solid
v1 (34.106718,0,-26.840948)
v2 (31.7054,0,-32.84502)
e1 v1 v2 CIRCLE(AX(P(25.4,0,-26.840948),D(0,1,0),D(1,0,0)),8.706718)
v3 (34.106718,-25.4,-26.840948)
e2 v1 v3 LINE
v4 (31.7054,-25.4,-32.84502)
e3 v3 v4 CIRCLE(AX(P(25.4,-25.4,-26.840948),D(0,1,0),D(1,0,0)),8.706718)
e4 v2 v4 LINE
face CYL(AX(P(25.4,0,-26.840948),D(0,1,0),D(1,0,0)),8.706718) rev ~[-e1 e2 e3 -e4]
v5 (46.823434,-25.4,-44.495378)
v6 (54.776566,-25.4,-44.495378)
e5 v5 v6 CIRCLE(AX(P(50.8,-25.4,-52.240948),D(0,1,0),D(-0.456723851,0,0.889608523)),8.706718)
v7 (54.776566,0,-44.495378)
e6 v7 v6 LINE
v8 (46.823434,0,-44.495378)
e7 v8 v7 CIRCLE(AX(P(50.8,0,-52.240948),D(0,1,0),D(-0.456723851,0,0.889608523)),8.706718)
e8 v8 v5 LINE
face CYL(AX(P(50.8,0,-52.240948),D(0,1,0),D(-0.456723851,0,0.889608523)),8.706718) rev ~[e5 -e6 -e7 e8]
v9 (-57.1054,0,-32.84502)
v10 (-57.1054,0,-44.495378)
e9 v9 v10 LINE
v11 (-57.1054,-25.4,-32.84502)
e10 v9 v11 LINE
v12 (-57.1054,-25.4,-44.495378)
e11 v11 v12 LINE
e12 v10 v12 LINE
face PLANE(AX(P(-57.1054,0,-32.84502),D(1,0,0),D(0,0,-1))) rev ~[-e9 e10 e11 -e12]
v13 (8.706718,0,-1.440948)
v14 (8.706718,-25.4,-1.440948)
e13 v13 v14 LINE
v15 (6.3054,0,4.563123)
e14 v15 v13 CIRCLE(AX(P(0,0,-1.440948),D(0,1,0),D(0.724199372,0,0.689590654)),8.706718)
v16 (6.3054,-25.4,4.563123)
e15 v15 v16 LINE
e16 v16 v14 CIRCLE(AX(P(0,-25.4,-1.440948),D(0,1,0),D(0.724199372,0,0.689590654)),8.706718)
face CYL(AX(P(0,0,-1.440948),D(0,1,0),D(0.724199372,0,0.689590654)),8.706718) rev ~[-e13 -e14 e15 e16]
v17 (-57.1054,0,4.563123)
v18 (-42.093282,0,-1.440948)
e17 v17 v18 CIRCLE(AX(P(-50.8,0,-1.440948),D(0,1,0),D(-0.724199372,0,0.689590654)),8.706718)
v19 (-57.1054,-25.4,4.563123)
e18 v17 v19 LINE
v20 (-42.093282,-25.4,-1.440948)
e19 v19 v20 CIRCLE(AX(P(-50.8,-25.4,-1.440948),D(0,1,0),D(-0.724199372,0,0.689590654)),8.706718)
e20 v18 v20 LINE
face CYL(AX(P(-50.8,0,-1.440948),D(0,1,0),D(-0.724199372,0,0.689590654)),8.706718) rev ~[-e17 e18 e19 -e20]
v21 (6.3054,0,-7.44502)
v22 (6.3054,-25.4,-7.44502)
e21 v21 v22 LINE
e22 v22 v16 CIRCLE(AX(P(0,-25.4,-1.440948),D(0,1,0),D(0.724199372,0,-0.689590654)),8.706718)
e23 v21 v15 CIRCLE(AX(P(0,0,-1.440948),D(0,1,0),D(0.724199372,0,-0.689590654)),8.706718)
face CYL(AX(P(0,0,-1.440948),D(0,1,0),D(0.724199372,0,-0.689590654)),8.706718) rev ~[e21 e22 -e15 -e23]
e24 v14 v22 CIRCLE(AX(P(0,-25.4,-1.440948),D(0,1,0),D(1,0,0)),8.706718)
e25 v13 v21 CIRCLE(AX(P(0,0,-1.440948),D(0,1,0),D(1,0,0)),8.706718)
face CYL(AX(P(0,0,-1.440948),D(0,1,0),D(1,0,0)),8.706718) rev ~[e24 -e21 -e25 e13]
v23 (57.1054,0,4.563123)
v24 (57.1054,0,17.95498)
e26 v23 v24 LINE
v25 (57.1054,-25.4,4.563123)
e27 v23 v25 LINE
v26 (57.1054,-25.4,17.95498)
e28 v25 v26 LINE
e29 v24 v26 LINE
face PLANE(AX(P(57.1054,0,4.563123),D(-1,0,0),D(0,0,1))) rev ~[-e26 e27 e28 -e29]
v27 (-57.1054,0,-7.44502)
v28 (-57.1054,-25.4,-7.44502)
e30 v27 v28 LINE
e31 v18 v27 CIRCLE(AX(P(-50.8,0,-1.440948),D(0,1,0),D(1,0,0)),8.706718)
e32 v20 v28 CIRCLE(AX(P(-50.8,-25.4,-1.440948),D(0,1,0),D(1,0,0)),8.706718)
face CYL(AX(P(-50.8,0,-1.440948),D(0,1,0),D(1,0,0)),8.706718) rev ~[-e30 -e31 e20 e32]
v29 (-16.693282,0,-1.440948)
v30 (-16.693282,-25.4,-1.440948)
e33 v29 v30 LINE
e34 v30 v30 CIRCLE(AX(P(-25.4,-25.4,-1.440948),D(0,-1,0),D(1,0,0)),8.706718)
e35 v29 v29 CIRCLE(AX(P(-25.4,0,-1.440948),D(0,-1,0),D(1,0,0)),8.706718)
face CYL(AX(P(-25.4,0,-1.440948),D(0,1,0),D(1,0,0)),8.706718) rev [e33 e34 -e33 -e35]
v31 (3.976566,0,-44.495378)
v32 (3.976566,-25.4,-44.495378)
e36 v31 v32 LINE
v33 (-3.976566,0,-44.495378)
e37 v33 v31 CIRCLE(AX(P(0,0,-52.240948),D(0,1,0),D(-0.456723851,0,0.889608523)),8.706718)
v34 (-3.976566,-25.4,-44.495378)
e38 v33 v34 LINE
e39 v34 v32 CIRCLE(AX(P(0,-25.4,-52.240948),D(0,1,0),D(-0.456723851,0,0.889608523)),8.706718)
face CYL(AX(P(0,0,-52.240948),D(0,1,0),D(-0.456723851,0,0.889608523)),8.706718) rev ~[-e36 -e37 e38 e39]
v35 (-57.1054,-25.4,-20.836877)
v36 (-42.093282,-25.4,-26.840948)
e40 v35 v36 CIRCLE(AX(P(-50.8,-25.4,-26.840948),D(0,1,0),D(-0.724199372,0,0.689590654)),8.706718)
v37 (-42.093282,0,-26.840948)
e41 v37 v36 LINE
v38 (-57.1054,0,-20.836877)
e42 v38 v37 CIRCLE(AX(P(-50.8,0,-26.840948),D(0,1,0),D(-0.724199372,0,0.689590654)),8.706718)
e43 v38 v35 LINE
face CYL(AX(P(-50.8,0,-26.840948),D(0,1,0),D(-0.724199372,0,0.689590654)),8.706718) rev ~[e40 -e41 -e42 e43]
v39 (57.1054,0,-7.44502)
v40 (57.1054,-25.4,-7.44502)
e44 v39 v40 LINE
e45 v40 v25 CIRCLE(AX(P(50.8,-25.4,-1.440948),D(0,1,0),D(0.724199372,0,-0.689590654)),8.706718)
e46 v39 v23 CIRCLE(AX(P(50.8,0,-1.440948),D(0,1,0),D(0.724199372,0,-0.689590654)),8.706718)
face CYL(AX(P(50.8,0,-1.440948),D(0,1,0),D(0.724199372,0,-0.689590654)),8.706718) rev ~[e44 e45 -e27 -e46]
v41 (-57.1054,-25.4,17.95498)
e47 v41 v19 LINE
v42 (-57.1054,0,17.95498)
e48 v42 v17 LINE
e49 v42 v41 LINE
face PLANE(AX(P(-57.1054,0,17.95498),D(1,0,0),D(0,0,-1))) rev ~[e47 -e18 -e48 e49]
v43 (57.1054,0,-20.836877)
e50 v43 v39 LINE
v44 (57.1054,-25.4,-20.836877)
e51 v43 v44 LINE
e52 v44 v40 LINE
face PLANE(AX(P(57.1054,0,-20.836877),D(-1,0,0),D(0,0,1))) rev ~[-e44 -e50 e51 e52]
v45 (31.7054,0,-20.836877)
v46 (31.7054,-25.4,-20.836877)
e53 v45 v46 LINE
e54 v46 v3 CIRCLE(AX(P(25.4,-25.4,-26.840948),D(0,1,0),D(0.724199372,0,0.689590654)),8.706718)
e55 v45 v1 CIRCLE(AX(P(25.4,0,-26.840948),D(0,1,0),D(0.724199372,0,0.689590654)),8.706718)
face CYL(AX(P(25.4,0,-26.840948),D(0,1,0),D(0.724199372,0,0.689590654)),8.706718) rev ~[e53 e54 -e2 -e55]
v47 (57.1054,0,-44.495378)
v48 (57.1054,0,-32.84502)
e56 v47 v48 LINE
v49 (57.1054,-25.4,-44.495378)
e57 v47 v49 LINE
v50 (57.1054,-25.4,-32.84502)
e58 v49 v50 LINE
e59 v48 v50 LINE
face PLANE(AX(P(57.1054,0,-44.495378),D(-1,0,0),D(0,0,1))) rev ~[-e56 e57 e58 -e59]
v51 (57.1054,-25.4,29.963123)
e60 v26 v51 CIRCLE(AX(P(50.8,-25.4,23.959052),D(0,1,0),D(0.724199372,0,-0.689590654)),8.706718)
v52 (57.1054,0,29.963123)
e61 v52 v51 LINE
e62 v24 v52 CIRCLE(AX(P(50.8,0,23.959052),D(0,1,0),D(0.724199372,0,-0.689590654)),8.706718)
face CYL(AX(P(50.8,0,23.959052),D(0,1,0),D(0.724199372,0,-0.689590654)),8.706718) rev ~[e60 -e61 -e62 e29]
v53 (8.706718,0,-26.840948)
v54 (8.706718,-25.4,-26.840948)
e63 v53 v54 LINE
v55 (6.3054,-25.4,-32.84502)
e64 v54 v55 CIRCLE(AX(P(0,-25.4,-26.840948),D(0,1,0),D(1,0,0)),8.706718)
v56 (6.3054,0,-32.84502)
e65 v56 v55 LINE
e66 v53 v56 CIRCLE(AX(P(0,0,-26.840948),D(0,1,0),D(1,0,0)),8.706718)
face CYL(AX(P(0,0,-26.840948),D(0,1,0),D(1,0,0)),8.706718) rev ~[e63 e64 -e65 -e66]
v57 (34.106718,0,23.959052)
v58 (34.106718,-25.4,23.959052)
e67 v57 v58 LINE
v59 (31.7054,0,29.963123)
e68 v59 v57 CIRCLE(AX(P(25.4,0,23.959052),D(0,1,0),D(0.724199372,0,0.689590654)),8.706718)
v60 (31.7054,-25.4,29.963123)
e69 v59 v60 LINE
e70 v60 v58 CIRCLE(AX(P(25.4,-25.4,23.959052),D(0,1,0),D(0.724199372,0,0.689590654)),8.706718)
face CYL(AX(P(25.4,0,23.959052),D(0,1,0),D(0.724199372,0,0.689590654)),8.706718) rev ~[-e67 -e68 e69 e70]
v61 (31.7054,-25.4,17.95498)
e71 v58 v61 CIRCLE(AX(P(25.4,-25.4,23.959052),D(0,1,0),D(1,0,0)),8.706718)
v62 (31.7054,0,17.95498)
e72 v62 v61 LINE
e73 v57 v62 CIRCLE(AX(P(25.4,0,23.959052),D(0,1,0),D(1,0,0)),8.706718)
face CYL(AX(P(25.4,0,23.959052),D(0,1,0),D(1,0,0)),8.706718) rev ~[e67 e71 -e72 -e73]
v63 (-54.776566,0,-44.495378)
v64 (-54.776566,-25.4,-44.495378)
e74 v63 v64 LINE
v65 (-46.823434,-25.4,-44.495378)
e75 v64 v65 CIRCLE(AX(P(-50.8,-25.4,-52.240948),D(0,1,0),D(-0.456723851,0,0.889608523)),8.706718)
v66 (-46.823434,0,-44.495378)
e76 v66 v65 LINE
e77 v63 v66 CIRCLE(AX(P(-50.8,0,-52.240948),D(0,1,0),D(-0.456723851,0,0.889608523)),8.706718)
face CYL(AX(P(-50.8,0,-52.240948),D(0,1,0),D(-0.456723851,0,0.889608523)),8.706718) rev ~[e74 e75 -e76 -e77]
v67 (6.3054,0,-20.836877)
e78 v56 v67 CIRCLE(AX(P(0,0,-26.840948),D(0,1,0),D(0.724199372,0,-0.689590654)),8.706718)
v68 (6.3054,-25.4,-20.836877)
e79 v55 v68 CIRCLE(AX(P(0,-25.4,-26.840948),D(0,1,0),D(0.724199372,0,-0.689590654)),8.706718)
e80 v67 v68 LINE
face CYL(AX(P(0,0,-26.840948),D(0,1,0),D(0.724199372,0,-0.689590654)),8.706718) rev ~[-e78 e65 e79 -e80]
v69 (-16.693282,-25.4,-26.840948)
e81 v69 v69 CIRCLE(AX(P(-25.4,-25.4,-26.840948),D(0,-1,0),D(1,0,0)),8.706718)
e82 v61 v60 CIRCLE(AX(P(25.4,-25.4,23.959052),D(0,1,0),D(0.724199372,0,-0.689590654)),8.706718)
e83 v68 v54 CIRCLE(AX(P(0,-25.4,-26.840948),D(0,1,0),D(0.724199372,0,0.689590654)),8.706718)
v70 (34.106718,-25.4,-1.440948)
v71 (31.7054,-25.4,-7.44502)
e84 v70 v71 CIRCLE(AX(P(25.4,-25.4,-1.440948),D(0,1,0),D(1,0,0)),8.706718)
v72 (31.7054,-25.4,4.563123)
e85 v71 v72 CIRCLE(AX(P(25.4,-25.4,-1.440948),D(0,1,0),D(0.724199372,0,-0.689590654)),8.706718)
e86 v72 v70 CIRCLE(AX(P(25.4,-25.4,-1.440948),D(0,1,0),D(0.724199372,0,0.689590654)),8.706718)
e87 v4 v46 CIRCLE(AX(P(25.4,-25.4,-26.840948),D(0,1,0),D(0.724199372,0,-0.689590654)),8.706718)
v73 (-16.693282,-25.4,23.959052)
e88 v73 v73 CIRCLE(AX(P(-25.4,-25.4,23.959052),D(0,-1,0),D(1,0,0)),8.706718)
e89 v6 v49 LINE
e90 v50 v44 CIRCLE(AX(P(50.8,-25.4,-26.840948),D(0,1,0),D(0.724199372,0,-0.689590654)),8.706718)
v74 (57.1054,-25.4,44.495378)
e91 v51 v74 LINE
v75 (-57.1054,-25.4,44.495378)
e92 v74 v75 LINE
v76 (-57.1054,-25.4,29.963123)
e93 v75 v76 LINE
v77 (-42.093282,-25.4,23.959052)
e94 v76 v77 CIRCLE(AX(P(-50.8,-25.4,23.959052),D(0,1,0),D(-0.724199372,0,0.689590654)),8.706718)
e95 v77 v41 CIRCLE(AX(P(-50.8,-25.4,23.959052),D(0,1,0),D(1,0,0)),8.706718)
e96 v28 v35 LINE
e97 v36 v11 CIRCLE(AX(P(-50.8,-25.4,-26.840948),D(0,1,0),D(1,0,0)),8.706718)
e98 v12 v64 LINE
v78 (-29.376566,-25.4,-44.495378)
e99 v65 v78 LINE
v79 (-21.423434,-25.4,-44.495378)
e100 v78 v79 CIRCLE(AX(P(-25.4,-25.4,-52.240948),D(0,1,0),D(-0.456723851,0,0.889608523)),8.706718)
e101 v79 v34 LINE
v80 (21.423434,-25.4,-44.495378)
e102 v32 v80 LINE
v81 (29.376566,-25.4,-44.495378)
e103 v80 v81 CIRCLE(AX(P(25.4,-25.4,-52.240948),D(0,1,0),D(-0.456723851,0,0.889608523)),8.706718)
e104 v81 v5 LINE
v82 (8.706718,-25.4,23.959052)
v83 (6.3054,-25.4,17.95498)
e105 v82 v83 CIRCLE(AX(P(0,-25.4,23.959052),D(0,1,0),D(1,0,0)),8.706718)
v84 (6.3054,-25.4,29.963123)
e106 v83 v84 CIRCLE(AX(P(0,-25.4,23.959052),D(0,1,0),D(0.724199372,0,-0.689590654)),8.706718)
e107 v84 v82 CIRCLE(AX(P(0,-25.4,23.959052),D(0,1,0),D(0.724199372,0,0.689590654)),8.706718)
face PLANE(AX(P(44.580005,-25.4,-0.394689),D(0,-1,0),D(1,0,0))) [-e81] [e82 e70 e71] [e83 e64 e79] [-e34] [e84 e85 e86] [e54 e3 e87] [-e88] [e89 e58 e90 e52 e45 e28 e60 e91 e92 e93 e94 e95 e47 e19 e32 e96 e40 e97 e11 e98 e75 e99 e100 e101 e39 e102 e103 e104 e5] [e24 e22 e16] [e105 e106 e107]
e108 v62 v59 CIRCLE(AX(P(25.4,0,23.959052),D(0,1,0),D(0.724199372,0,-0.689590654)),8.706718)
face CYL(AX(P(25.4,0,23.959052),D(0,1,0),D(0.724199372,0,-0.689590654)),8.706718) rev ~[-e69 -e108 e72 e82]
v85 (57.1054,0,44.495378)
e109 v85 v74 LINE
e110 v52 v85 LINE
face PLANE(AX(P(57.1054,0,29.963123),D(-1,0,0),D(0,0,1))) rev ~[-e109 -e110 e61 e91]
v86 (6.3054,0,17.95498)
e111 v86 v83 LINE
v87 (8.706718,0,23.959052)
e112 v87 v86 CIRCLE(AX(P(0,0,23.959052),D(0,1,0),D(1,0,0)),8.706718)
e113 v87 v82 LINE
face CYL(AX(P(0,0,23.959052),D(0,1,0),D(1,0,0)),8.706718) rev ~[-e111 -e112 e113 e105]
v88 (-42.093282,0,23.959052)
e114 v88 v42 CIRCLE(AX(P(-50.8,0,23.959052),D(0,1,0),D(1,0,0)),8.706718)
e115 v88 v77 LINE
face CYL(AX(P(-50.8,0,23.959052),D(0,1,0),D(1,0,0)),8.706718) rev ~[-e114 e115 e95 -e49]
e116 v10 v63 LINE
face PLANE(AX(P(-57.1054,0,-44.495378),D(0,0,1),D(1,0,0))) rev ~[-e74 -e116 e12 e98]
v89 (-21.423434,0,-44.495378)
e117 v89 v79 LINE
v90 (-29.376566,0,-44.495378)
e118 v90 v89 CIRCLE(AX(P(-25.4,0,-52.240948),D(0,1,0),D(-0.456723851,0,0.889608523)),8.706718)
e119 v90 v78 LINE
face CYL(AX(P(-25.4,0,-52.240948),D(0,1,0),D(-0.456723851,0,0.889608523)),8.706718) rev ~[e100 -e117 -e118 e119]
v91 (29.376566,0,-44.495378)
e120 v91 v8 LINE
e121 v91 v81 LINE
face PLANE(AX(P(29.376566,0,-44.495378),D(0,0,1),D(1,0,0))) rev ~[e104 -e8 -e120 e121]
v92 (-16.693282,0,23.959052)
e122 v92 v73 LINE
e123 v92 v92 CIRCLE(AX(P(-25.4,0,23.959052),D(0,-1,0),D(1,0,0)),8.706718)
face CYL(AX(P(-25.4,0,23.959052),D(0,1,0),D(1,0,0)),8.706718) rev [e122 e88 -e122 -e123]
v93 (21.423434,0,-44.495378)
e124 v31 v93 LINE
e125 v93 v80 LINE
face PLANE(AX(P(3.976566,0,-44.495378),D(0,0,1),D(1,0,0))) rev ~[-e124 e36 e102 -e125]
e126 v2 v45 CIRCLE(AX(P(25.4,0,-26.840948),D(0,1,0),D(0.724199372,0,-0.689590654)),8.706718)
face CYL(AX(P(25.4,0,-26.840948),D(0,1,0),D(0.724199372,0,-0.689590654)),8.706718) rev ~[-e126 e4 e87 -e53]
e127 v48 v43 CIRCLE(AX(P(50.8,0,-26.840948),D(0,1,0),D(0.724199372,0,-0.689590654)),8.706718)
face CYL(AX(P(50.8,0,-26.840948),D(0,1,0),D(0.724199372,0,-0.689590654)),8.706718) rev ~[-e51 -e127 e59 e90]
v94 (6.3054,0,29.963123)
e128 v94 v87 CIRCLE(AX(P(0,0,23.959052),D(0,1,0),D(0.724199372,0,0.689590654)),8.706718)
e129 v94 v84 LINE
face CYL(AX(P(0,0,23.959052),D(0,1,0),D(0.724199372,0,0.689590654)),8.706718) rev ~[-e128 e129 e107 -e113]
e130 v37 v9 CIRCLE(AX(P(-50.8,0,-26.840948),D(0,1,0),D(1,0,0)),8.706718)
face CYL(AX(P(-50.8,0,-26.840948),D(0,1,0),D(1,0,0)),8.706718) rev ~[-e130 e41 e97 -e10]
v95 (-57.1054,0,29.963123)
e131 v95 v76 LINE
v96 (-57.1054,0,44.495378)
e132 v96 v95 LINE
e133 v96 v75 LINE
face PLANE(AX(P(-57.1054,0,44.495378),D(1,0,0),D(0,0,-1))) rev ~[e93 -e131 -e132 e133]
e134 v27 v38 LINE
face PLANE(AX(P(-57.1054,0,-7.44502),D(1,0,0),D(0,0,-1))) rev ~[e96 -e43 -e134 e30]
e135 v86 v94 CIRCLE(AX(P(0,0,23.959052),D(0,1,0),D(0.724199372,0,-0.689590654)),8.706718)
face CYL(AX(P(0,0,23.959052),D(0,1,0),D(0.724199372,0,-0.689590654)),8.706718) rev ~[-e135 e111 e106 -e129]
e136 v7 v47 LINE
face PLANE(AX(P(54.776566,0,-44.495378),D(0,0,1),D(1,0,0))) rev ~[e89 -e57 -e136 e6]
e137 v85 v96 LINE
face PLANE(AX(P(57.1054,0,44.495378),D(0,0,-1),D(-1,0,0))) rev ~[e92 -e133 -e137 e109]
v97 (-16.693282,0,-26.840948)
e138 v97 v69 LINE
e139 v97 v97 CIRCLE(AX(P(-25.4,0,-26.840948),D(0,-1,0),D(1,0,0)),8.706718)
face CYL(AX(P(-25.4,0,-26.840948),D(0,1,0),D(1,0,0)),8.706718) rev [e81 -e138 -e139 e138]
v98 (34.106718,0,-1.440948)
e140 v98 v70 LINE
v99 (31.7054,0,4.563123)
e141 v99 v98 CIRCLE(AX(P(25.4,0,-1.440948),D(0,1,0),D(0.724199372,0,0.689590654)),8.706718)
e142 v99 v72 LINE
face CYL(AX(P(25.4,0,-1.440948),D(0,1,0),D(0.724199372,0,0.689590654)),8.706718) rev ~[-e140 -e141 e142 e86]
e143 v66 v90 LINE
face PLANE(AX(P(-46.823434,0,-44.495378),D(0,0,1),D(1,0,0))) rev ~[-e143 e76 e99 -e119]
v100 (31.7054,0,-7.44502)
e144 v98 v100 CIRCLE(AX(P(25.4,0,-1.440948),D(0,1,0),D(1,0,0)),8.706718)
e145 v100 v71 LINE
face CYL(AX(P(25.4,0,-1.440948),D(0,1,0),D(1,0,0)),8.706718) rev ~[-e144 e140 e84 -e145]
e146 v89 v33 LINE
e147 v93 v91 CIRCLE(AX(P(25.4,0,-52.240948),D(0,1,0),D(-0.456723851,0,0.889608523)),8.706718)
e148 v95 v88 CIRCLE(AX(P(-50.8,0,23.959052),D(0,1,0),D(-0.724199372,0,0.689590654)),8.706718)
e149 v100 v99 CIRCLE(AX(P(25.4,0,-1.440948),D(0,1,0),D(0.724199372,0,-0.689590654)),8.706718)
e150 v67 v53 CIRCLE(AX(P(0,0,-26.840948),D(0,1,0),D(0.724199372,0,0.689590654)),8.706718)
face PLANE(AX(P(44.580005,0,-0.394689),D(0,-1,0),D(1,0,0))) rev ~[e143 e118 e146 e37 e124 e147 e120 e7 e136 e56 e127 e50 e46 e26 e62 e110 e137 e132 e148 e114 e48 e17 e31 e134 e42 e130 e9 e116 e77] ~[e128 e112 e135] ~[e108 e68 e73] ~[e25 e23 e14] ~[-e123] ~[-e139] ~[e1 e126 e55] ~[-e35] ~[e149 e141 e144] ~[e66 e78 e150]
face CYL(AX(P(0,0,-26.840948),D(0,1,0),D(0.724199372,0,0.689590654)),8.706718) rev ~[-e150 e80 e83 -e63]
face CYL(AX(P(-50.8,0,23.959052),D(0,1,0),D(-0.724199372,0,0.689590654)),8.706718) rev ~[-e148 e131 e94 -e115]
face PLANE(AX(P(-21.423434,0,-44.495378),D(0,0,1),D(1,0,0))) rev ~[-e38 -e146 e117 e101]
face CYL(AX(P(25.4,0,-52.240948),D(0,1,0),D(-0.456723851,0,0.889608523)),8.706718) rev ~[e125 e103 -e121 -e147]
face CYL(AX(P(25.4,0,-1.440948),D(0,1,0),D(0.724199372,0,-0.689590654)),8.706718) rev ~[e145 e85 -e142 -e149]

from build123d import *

# Parameters (mm, degrees)
F0_R     = 8.7067179479
F1_DEPTH = 25.4


with BuildPart() as f1:
    # F0 (on Front) → F1 (new body)
    with BuildSketch(Plane.XZ):
        with BuildLine():
            Line((57.1053996682, 29.9631231404), (57.1053996682, 44.4953776896))
            Line((57.1053996682, 44.4953776896), (31.7053996682, 44.4953776896))
            Line((31.7053996682, 44.4953776896), (31.7053996682, 29.9631231404))
            ThreePointArc((31.7053996682, 29.9631231404), (33.4841287064, 27.1922855677), (34.1067179479, 23.9590518177))
            ThreePointArc((34.1067179479, 23.9590518177), (33.4841287064, 20.7258180677), (31.7053996682, 17.9549804949))
            Line((31.7053996682, 17.9549804949), (31.7053996682, 4.5631231404))
            ThreePointArc((31.7053996682, 4.5631231404), (33.4841287064, 1.7922855677), (34.1067179479, -1.4409481823))
            ThreePointArc((34.1067179479, -1.4409481823), (33.4841287064, -4.6741819323), (31.7053996682, -7.4450195051))
            Line((31.7053996682, -7.4450195051), (31.7053996682, -20.8368768596))
            ThreePointArc((31.7053996682, -20.8368768596), (33.4841287064, -23.6077144323), (34.1067179479, -26.8409481823))
            ThreePointArc((34.1067179479, -26.8409481823), (33.4841287064, -30.0741819323), (31.7053996682, -32.8450195051))
            Line((31.7053996682, -32.8450195051), (31.7053996682, -44.4953776896))
            Line((31.7053996682, -44.4953776896), (46.8234342497, -44.4953776896))
            ThreePointArc((46.8234342497, -44.4953776896), (50.8, -43.5342302345), (54.7765657503, -44.4953776896))
            Line((54.7765657503, -44.4953776896), (57.1053996682, -44.4953776896))
            Line((57.1053996682, -44.4953776896), (57.1053996682, -32.8450195051))
            ThreePointArc((57.1053996682, -32.8450195051), (42.0932820521, -26.8409481823), (57.1053996682, -20.8368768596))
            Line((57.1053996682, -20.8368768596), (57.1053996682, -7.4450195051))
            ThreePointArc((57.1053996682, -7.4450195051), (42.0932820521, -1.4409481823), (57.1053996682, 4.5631231404))
            Line((57.1053996682, 4.5631231404), (57.1053996682, 17.9549804949))
            ThreePointArc((57.1053996682, 17.9549804949), (42.0932820521, 23.9590518177), (57.1053996682, 29.9631231404))
        make_face()
        with BuildLine():
            Line((31.7053996682, 29.9631231404), (31.7053996682, 44.4953776896))
            Line((31.7053996682, 44.4953776896), (6.3053996682, 44.4953776896))
            Line((6.3053996682, 44.4953776896), (6.3053996682, 29.9631231404))
            ThreePointArc((6.3053996682, 29.9631231404), (8.0841287064, 27.1922855677), (8.7067179479, 23.9590518177))
            ThreePointArc((8.7067179479, 23.9590518177), (8.0841287064, 20.7258180677), (6.3053996682, 17.9549804949))
            Line((6.3053996682, 17.9549804949), (6.3053996682, 4.5631231404))
            ThreePointArc((6.3053996682, 4.5631231404), (8.0841287064, 1.7922855677), (8.7067179479, -1.4409481823))
            ThreePointArc((8.7067179479, -1.4409481823), (8.0841287064, -4.6741819323), (6.3053996682, -7.4450195051))
            Line((6.3053996682, -7.4450195051), (6.3053996682, -20.8368768596))
            ThreePointArc((6.3053996682, -20.8368768596), (8.0841287064, -23.6077144323), (8.7067179479, -26.8409481823))
            ThreePointArc((8.7067179479, -26.8409481823), (8.0841287064, -30.0741819323), (6.3053996682, -32.8450195051))
            Line((6.3053996682, -32.8450195051), (6.3053996682, -44.4953776896))
            Line((6.3053996682, -44.4953776896), (21.4234342497, -44.4953776896))
            ThreePointArc((21.4234342497, -44.4953776896), (25.4, -43.5342302345), (29.3765657503, -44.4953776896))
            Line((29.3765657503, -44.4953776896), (31.7053996682, -44.4953776896))
            Line((31.7053996682, -44.4953776896), (31.7053996682, -32.8450195051))
            ThreePointArc((31.7053996682, -32.8450195051), (16.6932820521, -26.8409481823), (31.7053996682, -20.8368768596))
            Line((31.7053996682, -20.8368768596), (31.7053996682, -7.4450195051))
            ThreePointArc((31.7053996682, -7.4450195051), (16.6932820521, -1.4409481823), (31.7053996682, 4.5631231404))
            Line((31.7053996682, 4.5631231404), (31.7053996682, 17.9549804949))
            ThreePointArc((31.7053996682, 17.9549804949), (16.6932820521, 23.9590518177), (31.7053996682, 29.9631231404))
        make_face()
        with BuildLine():
            Line((6.3053996682, 29.9631231404), (6.3053996682, 44.4953776896))
            Line((6.3053996682, 44.4953776896), (-57.1053996682, 44.4953776896))
            Line((-57.1053996682, 44.4953776896), (-57.1053996682, 29.9631231404))
            ThreePointArc((-57.1053996682, 29.9631231404), (-47.56676625, 32.0431805241), (-42.0932820521, 23.9590518177))
            ThreePointArc((-42.0932820521, 23.9590518177), (-47.56676625, 15.8749231112), (-57.1053996682, 17.9549804949))
            Line((-57.1053996682, 17.9549804949), (-57.1053996682, 4.5631231404))
            ThreePointArc((-57.1053996682, 4.5631231404), (-47.56676625, 6.6431805241), (-42.0932820521, -1.4409481823))
            ThreePointArc((-42.0932820521, -1.4409481823), (-47.56676625, -9.5250768888), (-57.1053996682, -7.4450195051))
            Line((-57.1053996682, -7.4450195051), (-57.1053996682, -20.8368768596))
            ThreePointArc((-57.1053996682, -20.8368768596), (-47.56676625, -18.7568194759), (-42.0932820521, -26.8409481823))
            ThreePointArc((-42.0932820521, -26.8409481823), (-47.56676625, -34.9250768888), (-57.1053996682, -32.8450195051))
            Line((-57.1053996682, -32.8450195051), (-57.1053996682, -44.4953776896))
            Line((-57.1053996682, -44.4953776896), (-54.7765657503, -44.4953776896))
            ThreePointArc((-54.7765657503, -44.4953776896), (-50.8, -43.5342302345), (-46.8234342497, -44.4953776896))
            Line((-46.8234342497, -44.4953776896), (-29.3765657503, -44.4953776896))
            ThreePointArc((-29.3765657503, -44.4953776896), (-25.4, -43.5342302345), (-21.4234342497, -44.4953776896))
            Line((-21.4234342497, -44.4953776896), (-3.9765657503, -44.4953776896))
            ThreePointArc((-3.9765657503, -44.4953776896), (0, -43.5342302345), (3.9765657503, -44.4953776896))
            Line((3.9765657503, -44.4953776896), (6.3053996682, -44.4953776896))
            Line((6.3053996682, -44.4953776896), (6.3053996682, -32.8450195051))
            ThreePointArc((6.3053996682, -32.8450195051), (-8.7067179479, -26.8409481823), (6.3053996682, -20.8368768596))
            Line((6.3053996682, -20.8368768596), (6.3053996682, -7.4450195051))
            ThreePointArc((6.3053996682, -7.4450195051), (-8.7067179479, -1.4409481823), (6.3053996682, 4.5631231404))
            Line((6.3053996682, 4.5631231404), (6.3053996682, 17.9549804949))
            ThreePointArc((6.3053996682, 17.9549804949), (-8.7067179479, 23.9590518177), (6.3053996682, 29.9631231404))
        make_face()
        with Locations((-25.4, -26.8409481823)):
            Circle(F0_R, mode=Mode.SUBTRACT)
        with Locations((-25.4, -1.4409481823)):
            Circle(F0_R, mode=Mode.SUBTRACT)
        with Locations((-25.4, 23.9590518177)):
            Circle(F0_R, mode=Mode.SUBTRACT)
    extrude(amount=F1_DEPTH)


solid = f1.part
